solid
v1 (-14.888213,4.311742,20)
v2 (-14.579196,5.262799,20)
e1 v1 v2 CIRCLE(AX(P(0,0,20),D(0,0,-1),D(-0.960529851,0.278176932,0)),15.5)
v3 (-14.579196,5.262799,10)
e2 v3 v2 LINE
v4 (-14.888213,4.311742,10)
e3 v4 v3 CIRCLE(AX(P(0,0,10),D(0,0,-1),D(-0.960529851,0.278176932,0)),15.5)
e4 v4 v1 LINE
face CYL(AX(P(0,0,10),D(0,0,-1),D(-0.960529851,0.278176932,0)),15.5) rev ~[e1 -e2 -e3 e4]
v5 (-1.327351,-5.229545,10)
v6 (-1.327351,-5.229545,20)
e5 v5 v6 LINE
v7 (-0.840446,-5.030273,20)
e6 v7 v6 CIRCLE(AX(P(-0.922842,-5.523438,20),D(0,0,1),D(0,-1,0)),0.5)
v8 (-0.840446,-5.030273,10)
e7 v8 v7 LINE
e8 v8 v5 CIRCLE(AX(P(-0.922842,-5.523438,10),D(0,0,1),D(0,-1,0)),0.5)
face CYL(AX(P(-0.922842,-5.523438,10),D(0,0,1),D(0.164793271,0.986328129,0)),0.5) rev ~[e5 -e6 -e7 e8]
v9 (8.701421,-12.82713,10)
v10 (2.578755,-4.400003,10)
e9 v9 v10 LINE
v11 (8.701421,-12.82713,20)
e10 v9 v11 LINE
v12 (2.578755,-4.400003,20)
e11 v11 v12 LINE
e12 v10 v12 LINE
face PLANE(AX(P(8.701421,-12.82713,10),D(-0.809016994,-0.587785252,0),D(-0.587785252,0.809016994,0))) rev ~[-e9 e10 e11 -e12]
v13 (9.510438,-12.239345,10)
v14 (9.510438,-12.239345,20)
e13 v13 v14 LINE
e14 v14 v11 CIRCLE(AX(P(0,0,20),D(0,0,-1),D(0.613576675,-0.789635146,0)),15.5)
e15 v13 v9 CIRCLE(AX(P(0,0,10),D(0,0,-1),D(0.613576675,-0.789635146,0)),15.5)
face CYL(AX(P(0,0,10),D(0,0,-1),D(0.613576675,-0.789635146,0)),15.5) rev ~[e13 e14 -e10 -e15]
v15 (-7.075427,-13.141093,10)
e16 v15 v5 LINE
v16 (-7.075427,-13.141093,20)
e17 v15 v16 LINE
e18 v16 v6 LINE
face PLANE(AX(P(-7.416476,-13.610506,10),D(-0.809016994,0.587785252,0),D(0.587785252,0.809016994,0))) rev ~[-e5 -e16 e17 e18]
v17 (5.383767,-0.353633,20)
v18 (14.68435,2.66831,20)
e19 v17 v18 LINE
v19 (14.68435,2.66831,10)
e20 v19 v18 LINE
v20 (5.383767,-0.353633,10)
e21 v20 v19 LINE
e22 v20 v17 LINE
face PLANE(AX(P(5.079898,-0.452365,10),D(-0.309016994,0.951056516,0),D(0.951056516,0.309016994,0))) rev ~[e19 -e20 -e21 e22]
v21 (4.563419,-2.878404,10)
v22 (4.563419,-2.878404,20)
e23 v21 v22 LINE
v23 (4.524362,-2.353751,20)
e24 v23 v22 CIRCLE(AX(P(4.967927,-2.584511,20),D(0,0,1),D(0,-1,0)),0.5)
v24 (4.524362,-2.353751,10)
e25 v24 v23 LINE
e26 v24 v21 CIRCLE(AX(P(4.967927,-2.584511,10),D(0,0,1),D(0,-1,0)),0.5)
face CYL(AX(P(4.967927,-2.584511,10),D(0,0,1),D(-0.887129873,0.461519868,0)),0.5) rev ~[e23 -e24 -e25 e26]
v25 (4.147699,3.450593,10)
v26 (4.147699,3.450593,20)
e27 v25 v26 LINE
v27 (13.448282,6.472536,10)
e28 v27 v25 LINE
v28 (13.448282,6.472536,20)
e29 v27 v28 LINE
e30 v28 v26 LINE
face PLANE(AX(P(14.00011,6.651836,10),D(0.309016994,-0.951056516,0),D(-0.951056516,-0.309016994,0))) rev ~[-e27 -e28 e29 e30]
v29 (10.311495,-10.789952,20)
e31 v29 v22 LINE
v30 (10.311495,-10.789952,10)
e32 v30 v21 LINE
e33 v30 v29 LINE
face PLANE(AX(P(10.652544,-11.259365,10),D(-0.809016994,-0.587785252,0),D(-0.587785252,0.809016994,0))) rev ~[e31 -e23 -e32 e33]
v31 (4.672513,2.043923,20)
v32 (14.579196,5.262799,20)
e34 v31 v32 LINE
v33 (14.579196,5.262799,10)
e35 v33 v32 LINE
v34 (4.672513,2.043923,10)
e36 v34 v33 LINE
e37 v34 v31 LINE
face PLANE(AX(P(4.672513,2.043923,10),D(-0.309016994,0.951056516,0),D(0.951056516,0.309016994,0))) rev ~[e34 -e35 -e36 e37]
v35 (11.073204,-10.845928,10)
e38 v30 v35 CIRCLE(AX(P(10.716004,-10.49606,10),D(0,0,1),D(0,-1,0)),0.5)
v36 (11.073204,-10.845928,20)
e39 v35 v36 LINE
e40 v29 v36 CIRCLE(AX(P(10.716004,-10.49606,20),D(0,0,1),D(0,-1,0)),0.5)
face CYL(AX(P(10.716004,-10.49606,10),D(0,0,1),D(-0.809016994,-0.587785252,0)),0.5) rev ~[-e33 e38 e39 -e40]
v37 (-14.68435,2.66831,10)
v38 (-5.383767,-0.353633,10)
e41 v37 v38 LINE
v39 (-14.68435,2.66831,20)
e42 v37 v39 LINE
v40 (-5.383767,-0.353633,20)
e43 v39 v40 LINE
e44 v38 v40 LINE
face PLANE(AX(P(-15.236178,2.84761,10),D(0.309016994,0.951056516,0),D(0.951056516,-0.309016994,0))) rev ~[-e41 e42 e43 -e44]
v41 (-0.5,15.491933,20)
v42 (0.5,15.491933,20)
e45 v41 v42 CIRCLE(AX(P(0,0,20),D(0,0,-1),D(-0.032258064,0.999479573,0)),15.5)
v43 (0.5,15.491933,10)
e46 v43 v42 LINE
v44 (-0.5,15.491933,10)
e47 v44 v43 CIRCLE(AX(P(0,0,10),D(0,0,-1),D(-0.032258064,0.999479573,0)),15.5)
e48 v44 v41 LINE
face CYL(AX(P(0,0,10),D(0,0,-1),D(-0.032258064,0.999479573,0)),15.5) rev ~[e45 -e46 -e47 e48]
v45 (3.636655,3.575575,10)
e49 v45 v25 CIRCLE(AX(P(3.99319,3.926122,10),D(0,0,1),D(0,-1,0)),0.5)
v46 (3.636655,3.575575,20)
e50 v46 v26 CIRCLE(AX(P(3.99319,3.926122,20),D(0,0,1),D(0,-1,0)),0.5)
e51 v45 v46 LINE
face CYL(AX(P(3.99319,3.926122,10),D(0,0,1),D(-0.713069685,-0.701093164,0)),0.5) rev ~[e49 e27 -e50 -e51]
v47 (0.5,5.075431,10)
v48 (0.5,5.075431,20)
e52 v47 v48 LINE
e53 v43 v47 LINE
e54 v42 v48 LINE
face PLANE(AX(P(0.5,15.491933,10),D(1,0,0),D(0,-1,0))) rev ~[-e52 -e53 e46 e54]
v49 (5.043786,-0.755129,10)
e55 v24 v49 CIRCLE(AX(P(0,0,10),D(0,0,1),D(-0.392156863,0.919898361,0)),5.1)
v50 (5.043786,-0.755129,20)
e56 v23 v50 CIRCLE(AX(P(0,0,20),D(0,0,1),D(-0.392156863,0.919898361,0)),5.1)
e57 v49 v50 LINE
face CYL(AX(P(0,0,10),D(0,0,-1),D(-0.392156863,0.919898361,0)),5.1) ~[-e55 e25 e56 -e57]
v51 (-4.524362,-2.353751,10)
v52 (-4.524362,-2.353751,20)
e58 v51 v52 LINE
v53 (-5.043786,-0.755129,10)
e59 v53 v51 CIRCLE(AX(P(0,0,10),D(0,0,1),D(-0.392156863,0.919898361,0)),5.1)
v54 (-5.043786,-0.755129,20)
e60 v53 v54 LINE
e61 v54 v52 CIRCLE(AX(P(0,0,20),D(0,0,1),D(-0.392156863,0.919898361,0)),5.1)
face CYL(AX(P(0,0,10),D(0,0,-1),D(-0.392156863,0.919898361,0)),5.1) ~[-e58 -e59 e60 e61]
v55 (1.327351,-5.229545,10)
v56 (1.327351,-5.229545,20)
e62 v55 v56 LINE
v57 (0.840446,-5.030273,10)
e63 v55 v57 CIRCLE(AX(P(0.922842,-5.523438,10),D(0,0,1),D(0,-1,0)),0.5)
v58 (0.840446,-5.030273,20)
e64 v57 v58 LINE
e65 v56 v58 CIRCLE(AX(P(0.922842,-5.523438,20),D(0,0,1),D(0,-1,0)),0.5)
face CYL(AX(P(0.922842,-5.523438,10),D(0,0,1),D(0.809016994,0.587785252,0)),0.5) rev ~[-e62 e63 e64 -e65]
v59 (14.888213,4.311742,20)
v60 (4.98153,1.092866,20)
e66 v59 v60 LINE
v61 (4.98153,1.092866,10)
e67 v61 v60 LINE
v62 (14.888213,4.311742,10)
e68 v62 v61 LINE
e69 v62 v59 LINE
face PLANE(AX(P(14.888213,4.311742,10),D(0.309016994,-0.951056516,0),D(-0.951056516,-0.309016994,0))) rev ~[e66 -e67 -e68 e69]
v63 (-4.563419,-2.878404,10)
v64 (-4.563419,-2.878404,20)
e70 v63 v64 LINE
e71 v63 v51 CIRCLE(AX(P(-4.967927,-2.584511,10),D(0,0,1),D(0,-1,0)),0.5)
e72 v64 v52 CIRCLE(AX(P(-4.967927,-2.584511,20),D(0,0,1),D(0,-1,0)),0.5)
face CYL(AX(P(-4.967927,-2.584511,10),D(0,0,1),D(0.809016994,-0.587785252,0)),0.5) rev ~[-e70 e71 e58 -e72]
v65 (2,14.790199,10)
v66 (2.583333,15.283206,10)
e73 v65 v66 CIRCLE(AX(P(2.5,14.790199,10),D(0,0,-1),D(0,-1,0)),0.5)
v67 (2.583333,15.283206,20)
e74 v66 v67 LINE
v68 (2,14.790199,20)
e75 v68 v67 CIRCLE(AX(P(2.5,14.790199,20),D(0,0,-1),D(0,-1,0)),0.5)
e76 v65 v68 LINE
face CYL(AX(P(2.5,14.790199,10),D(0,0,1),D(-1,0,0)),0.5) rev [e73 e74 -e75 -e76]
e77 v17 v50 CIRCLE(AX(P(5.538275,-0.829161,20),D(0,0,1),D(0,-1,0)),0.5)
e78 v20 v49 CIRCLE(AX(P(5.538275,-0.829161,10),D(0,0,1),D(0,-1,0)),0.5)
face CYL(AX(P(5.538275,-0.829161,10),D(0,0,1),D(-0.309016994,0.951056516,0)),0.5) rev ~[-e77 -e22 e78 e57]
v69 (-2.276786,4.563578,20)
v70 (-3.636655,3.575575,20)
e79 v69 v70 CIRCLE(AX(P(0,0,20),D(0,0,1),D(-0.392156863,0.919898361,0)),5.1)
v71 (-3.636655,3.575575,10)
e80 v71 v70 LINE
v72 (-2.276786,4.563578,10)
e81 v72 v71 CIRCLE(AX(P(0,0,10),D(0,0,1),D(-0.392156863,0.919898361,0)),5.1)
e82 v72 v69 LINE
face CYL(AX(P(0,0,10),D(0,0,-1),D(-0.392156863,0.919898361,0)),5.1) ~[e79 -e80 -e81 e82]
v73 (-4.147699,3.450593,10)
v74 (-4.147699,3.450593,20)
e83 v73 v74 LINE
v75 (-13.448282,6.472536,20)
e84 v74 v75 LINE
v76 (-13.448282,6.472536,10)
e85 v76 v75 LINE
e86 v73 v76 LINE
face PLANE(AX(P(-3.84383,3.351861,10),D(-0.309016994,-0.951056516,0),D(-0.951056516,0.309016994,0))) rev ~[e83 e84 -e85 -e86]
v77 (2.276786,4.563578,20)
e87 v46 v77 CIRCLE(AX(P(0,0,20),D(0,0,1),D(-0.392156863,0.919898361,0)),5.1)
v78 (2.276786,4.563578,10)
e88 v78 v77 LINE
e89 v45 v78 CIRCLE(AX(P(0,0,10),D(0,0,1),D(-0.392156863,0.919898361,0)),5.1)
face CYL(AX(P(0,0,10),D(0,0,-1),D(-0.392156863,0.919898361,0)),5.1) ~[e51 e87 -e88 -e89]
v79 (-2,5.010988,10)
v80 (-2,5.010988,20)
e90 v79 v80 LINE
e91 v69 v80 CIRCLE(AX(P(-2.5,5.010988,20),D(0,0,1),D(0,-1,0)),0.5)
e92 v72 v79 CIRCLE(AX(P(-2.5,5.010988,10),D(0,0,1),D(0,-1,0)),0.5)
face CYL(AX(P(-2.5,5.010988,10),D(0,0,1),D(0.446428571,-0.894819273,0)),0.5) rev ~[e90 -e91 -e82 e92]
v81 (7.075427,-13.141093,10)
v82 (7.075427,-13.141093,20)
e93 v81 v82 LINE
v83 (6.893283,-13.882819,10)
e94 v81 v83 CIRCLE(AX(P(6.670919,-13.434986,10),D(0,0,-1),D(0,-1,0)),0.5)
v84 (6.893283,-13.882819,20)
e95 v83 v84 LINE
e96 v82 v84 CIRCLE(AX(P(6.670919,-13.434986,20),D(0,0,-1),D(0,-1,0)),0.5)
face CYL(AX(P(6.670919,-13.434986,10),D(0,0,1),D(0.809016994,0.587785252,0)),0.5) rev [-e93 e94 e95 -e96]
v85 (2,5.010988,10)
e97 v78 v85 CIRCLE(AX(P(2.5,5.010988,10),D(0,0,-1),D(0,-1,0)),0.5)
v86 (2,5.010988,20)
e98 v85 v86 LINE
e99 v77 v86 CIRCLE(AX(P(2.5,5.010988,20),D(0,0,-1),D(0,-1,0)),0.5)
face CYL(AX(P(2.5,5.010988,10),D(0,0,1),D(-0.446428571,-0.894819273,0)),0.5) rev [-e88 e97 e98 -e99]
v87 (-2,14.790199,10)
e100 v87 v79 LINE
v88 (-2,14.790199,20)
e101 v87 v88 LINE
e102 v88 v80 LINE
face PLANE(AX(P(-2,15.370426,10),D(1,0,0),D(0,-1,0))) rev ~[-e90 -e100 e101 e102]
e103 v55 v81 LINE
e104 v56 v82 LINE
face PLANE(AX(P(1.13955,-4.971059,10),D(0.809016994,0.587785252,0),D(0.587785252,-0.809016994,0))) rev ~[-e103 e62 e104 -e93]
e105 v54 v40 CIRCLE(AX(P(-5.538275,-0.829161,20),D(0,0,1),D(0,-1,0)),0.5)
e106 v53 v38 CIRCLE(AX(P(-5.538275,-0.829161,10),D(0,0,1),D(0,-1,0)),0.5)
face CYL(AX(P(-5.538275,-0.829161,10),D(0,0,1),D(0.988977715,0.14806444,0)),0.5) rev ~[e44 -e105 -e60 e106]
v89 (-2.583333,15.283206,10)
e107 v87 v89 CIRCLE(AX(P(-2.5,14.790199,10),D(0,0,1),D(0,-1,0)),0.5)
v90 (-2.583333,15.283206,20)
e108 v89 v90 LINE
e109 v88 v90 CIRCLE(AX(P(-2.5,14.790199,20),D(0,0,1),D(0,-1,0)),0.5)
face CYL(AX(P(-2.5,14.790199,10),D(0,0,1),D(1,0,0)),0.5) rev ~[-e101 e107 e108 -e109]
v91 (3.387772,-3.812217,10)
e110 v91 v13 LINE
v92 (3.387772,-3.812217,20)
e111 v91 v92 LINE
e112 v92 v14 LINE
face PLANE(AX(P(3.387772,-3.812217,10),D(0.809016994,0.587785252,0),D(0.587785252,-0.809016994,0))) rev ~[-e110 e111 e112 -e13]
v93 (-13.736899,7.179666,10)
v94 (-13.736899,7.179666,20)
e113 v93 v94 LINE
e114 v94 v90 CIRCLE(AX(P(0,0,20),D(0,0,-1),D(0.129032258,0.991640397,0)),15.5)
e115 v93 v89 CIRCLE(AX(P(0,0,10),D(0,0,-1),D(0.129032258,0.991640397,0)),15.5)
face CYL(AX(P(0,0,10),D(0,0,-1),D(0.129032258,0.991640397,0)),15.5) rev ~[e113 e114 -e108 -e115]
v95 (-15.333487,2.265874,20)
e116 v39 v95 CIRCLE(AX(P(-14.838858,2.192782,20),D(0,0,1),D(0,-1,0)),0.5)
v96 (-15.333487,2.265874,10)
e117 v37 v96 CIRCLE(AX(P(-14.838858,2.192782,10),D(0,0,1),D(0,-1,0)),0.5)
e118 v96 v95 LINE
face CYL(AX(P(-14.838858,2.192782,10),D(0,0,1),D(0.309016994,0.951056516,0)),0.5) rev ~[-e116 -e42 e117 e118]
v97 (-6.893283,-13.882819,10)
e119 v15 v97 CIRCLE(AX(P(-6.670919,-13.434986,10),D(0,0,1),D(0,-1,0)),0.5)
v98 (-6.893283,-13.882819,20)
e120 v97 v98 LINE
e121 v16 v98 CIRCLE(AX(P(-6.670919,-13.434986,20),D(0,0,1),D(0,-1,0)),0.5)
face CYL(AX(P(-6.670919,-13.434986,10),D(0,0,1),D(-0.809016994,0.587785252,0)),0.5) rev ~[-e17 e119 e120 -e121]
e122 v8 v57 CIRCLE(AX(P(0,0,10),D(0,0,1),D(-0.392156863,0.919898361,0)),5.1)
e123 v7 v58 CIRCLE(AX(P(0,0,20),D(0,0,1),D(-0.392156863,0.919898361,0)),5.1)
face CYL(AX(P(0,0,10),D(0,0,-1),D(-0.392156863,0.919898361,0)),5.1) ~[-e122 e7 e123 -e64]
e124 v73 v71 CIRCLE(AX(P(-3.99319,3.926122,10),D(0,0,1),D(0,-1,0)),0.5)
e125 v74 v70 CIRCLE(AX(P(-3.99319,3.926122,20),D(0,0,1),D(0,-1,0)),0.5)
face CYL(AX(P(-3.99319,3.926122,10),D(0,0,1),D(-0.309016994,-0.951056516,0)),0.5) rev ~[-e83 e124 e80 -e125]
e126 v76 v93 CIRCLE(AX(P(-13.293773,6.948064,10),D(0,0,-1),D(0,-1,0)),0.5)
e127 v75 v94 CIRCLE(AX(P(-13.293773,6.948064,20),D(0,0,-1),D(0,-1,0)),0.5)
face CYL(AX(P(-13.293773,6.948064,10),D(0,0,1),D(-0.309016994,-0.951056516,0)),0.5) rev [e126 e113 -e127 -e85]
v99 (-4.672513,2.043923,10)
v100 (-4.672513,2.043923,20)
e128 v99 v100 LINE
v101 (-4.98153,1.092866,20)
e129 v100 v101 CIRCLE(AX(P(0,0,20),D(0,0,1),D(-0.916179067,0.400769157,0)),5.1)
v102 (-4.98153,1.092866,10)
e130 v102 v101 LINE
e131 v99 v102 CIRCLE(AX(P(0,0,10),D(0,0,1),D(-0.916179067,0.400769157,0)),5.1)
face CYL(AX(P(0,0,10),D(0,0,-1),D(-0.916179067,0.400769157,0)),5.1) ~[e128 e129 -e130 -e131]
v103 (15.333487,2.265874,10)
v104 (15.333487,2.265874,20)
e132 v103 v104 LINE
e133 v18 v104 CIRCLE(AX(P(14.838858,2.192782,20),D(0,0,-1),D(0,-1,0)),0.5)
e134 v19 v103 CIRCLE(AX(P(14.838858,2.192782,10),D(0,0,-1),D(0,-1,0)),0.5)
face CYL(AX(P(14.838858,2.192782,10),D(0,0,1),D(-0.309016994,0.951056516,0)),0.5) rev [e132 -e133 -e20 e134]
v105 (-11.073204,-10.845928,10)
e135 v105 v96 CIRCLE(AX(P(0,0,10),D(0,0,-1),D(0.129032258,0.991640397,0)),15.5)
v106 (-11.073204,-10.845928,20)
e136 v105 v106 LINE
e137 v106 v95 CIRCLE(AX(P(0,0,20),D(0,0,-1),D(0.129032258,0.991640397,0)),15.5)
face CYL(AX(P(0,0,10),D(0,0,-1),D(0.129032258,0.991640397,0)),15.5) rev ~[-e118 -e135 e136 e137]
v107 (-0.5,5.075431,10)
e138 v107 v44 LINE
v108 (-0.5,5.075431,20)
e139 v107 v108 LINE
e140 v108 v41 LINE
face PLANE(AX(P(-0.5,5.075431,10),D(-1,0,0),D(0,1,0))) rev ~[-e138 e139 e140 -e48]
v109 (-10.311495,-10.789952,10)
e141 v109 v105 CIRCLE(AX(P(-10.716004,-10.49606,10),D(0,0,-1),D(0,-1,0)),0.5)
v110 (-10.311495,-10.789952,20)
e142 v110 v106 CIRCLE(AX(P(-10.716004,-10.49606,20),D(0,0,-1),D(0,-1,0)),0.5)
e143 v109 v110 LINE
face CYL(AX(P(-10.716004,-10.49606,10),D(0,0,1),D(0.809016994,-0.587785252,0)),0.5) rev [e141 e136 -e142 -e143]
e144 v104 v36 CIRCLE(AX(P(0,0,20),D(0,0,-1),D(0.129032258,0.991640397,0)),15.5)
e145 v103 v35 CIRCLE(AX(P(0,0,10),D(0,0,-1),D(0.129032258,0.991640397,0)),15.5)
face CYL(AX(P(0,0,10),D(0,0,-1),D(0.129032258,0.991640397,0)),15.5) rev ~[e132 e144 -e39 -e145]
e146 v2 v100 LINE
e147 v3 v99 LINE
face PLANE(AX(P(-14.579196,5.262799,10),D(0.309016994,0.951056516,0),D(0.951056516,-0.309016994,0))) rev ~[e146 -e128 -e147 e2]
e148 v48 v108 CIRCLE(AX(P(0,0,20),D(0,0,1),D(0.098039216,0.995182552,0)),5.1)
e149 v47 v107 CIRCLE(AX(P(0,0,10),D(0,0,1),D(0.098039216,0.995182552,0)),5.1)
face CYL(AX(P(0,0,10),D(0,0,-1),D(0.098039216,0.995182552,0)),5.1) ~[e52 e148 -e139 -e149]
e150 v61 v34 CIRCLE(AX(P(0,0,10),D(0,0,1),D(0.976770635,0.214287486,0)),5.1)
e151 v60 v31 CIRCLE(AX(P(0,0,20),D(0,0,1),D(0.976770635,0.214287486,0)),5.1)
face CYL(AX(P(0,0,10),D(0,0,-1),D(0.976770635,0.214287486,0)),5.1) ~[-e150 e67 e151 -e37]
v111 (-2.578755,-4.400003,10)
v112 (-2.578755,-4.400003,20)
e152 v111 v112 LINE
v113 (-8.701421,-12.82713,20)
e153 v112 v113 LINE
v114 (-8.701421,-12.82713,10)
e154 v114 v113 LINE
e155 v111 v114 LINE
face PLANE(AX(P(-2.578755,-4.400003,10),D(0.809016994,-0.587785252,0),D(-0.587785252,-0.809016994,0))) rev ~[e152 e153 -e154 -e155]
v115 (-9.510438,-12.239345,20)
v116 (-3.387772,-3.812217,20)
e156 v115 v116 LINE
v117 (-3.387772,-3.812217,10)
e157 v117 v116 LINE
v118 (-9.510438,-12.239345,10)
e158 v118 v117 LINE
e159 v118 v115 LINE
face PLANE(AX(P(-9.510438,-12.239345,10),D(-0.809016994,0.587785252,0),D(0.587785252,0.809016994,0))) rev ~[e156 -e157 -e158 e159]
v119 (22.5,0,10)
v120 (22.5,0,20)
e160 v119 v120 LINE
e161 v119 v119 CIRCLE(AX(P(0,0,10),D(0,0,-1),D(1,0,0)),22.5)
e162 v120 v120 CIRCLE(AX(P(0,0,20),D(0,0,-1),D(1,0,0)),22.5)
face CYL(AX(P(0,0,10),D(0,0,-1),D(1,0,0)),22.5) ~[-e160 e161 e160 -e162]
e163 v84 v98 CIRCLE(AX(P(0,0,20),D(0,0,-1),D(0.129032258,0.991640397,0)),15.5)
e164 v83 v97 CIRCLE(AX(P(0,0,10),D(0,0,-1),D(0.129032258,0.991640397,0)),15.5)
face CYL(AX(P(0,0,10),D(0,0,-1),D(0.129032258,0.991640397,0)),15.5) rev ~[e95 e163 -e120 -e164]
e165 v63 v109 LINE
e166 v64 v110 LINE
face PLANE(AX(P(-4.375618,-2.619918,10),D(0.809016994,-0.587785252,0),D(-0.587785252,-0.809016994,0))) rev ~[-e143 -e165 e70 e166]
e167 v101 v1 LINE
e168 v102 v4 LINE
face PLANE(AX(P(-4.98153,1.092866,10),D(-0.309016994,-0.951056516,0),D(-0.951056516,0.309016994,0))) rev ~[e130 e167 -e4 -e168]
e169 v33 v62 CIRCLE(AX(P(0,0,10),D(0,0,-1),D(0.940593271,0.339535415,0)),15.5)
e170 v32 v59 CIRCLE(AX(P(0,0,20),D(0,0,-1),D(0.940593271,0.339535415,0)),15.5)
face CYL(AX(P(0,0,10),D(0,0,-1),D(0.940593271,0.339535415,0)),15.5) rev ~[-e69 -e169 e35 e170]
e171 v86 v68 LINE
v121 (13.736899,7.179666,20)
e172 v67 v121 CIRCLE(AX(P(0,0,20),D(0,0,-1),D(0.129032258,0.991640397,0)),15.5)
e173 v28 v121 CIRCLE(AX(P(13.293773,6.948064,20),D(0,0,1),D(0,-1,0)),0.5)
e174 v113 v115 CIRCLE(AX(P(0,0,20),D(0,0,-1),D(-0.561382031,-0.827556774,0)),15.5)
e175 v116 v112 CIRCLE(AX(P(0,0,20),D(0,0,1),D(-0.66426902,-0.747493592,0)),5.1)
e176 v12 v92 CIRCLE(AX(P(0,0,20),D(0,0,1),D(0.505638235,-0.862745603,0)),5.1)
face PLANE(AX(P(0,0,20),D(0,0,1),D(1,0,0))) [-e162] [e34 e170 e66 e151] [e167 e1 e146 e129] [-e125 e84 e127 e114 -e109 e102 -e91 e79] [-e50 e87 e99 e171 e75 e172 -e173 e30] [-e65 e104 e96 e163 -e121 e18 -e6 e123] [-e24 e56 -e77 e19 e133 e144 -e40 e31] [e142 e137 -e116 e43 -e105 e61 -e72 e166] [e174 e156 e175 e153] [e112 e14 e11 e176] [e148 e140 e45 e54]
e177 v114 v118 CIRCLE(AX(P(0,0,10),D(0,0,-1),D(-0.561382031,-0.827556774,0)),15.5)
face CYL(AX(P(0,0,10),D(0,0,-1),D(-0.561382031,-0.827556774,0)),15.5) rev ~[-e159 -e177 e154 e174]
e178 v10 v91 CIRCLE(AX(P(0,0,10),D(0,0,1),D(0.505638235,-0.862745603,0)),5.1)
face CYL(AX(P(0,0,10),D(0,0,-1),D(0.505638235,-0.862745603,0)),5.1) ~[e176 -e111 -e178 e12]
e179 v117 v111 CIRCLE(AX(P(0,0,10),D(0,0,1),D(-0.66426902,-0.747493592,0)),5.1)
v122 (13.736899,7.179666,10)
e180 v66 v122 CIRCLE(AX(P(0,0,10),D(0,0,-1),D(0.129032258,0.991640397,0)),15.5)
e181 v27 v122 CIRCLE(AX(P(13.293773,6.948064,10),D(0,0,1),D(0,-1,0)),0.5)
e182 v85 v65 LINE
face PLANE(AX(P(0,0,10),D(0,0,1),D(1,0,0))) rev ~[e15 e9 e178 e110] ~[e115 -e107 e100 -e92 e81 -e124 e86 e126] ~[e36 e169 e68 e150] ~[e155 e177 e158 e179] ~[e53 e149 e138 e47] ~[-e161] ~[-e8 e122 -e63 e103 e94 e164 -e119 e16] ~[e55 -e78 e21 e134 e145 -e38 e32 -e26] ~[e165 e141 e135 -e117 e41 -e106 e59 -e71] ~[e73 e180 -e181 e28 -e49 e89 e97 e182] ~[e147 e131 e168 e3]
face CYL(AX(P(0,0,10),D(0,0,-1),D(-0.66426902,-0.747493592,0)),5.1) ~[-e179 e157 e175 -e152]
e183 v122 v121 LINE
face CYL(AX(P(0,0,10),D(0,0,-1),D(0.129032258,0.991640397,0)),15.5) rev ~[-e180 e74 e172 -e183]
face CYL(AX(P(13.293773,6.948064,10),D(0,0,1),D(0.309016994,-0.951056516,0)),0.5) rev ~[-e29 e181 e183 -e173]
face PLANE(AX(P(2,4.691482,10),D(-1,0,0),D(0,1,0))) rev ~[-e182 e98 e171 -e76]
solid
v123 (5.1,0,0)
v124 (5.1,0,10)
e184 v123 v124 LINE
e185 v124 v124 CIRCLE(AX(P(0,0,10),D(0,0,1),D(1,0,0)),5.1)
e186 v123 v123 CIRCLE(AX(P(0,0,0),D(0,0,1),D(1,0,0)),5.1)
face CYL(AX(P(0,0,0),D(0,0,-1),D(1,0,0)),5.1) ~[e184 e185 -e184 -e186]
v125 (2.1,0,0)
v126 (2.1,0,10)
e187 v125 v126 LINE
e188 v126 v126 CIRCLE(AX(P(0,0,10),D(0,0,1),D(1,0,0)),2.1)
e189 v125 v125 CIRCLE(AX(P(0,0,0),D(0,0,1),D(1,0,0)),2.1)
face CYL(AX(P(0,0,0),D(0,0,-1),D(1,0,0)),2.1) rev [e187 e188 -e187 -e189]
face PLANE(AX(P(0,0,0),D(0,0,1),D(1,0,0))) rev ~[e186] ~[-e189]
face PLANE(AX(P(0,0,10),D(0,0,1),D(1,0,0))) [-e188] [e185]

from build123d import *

# Parameters (mm, degrees)
ESQUISSE1_R                  = 5.1
ESQUISSE1_R_2                = 2.1
BOSS_EXTRU_1_DEPTH           = 10
ESQUISSE2_R                  = 22.5
BOSS_EXTRU_3_DEPTH           = 10
CONG_5_R                     = 0.5
R_P_TITION_CIRCULAIRE2_COUNT = 5
CONG_6_R                     = 0.5


with BuildPart() as part:
    # Esquisse1 → Boss.-Extru.1 (new body)
    with BuildSketch(Plane.XY):
        Circle(ESQUISSE1_R)
        Circle(ESQUISSE1_R_2, mode=Mode.SUBTRACT)
    extrude(amount=BOSS_EXTRU_1_DEPTH)


with BuildPart() as body_2:
    # Esquisse2 → Boss.-Extru.3 (new body)
    with BuildSketch(Plane.XY.offset(10)):
        Circle(ESQUISSE2_R)
        with BuildLine():
            Line((2, 4.691481642), (2, 15.370426149))
            ThreePointArc((2, 15.370426149), (0, -15.5), (-2, 15.370426149))
            Line((-2, 15.370426149), (-2, 4.691481642))
            ThreePointArc((-2, 4.691481642), (0, -5.1), (2, 4.691481642))
        make_face(mode=Mode.SUBTRACT)
        with BuildLine():
            Line((-0.5, 5.075431016), (-0.5, 15.491933385))
            ThreePointArc((-0.5, 15.491933385), (0, 15.5), (0.5, 15.491933385))
            Line((0.5, 15.491933385), (0.5, 5.075431016))
            ThreePointArc((0.5, 5.075431016), (0, 5.1), (-0.5, 5.075431016))
        make_face(mode=Mode.SUBTRACT)
    boss_extru_3 = extrude(amount=BOSS_EXTRU_3_DEPTH)

    # Congé5
    cong_5_edges = [body_2.edges().sort_by_distance(p)[0] for p in [
        (2, 4.691481642, 15),
        (-2, 4.691481642, 15),
        (-2, 15.370426149, 15),
        (2, 15.370426149, 15),
    ]]
    fillet(cong_5_edges, radius=CONG_5_R)

    # Répétition circulaire2: Boss.-Extru.3 ×5 about axis
    r_p_tition_circulaire2_axis = Axis((0, 0, 0), (0, 0, 1))
    for i in range(1, R_P_TITION_CIRCULAIRE2_COUNT):
        add(boss_extru_3.rotate(r_p_tition_circulaire2_axis, i * 360 / R_P_TITION_CIRCULAIRE2_COUNT))

    # Congé6
    cong_6_edges = [body_2.edges().sort_by_distance(p)[0] for p in [
        (-14.000109958, 6.651835923, 15),
        (-10.652543801, -11.259365461, 15),
        (7.416475823, -13.61050647, 15),
        (15.236177936, 2.847609858, 15),
        (-5.079898176, -0.452365476, 15),
        (-1.139549732, -4.971058882, 15),
        (3.843830198, 3.351860589, 15),
        (4.375617709, -2.619917873, 15),
        (-3.843830198, 3.351860589, 15),
        (-15.236177936, 2.847609858, 15),
        (1.139549732, -4.971058882, 15),
        (10.652543801, -11.259365461, 15),
        (5.079898176, -0.452365476, 15),
        (14.000109958, 6.651835923, 15),
        (-7.416475823, -13.61050647, 15),
        (-4.375617709, -2.619917873, 15),
    ]]
    fillet(cong_6_edges, radius=CONG_6_R)


solid = Compound([part.part, body_2.part])
